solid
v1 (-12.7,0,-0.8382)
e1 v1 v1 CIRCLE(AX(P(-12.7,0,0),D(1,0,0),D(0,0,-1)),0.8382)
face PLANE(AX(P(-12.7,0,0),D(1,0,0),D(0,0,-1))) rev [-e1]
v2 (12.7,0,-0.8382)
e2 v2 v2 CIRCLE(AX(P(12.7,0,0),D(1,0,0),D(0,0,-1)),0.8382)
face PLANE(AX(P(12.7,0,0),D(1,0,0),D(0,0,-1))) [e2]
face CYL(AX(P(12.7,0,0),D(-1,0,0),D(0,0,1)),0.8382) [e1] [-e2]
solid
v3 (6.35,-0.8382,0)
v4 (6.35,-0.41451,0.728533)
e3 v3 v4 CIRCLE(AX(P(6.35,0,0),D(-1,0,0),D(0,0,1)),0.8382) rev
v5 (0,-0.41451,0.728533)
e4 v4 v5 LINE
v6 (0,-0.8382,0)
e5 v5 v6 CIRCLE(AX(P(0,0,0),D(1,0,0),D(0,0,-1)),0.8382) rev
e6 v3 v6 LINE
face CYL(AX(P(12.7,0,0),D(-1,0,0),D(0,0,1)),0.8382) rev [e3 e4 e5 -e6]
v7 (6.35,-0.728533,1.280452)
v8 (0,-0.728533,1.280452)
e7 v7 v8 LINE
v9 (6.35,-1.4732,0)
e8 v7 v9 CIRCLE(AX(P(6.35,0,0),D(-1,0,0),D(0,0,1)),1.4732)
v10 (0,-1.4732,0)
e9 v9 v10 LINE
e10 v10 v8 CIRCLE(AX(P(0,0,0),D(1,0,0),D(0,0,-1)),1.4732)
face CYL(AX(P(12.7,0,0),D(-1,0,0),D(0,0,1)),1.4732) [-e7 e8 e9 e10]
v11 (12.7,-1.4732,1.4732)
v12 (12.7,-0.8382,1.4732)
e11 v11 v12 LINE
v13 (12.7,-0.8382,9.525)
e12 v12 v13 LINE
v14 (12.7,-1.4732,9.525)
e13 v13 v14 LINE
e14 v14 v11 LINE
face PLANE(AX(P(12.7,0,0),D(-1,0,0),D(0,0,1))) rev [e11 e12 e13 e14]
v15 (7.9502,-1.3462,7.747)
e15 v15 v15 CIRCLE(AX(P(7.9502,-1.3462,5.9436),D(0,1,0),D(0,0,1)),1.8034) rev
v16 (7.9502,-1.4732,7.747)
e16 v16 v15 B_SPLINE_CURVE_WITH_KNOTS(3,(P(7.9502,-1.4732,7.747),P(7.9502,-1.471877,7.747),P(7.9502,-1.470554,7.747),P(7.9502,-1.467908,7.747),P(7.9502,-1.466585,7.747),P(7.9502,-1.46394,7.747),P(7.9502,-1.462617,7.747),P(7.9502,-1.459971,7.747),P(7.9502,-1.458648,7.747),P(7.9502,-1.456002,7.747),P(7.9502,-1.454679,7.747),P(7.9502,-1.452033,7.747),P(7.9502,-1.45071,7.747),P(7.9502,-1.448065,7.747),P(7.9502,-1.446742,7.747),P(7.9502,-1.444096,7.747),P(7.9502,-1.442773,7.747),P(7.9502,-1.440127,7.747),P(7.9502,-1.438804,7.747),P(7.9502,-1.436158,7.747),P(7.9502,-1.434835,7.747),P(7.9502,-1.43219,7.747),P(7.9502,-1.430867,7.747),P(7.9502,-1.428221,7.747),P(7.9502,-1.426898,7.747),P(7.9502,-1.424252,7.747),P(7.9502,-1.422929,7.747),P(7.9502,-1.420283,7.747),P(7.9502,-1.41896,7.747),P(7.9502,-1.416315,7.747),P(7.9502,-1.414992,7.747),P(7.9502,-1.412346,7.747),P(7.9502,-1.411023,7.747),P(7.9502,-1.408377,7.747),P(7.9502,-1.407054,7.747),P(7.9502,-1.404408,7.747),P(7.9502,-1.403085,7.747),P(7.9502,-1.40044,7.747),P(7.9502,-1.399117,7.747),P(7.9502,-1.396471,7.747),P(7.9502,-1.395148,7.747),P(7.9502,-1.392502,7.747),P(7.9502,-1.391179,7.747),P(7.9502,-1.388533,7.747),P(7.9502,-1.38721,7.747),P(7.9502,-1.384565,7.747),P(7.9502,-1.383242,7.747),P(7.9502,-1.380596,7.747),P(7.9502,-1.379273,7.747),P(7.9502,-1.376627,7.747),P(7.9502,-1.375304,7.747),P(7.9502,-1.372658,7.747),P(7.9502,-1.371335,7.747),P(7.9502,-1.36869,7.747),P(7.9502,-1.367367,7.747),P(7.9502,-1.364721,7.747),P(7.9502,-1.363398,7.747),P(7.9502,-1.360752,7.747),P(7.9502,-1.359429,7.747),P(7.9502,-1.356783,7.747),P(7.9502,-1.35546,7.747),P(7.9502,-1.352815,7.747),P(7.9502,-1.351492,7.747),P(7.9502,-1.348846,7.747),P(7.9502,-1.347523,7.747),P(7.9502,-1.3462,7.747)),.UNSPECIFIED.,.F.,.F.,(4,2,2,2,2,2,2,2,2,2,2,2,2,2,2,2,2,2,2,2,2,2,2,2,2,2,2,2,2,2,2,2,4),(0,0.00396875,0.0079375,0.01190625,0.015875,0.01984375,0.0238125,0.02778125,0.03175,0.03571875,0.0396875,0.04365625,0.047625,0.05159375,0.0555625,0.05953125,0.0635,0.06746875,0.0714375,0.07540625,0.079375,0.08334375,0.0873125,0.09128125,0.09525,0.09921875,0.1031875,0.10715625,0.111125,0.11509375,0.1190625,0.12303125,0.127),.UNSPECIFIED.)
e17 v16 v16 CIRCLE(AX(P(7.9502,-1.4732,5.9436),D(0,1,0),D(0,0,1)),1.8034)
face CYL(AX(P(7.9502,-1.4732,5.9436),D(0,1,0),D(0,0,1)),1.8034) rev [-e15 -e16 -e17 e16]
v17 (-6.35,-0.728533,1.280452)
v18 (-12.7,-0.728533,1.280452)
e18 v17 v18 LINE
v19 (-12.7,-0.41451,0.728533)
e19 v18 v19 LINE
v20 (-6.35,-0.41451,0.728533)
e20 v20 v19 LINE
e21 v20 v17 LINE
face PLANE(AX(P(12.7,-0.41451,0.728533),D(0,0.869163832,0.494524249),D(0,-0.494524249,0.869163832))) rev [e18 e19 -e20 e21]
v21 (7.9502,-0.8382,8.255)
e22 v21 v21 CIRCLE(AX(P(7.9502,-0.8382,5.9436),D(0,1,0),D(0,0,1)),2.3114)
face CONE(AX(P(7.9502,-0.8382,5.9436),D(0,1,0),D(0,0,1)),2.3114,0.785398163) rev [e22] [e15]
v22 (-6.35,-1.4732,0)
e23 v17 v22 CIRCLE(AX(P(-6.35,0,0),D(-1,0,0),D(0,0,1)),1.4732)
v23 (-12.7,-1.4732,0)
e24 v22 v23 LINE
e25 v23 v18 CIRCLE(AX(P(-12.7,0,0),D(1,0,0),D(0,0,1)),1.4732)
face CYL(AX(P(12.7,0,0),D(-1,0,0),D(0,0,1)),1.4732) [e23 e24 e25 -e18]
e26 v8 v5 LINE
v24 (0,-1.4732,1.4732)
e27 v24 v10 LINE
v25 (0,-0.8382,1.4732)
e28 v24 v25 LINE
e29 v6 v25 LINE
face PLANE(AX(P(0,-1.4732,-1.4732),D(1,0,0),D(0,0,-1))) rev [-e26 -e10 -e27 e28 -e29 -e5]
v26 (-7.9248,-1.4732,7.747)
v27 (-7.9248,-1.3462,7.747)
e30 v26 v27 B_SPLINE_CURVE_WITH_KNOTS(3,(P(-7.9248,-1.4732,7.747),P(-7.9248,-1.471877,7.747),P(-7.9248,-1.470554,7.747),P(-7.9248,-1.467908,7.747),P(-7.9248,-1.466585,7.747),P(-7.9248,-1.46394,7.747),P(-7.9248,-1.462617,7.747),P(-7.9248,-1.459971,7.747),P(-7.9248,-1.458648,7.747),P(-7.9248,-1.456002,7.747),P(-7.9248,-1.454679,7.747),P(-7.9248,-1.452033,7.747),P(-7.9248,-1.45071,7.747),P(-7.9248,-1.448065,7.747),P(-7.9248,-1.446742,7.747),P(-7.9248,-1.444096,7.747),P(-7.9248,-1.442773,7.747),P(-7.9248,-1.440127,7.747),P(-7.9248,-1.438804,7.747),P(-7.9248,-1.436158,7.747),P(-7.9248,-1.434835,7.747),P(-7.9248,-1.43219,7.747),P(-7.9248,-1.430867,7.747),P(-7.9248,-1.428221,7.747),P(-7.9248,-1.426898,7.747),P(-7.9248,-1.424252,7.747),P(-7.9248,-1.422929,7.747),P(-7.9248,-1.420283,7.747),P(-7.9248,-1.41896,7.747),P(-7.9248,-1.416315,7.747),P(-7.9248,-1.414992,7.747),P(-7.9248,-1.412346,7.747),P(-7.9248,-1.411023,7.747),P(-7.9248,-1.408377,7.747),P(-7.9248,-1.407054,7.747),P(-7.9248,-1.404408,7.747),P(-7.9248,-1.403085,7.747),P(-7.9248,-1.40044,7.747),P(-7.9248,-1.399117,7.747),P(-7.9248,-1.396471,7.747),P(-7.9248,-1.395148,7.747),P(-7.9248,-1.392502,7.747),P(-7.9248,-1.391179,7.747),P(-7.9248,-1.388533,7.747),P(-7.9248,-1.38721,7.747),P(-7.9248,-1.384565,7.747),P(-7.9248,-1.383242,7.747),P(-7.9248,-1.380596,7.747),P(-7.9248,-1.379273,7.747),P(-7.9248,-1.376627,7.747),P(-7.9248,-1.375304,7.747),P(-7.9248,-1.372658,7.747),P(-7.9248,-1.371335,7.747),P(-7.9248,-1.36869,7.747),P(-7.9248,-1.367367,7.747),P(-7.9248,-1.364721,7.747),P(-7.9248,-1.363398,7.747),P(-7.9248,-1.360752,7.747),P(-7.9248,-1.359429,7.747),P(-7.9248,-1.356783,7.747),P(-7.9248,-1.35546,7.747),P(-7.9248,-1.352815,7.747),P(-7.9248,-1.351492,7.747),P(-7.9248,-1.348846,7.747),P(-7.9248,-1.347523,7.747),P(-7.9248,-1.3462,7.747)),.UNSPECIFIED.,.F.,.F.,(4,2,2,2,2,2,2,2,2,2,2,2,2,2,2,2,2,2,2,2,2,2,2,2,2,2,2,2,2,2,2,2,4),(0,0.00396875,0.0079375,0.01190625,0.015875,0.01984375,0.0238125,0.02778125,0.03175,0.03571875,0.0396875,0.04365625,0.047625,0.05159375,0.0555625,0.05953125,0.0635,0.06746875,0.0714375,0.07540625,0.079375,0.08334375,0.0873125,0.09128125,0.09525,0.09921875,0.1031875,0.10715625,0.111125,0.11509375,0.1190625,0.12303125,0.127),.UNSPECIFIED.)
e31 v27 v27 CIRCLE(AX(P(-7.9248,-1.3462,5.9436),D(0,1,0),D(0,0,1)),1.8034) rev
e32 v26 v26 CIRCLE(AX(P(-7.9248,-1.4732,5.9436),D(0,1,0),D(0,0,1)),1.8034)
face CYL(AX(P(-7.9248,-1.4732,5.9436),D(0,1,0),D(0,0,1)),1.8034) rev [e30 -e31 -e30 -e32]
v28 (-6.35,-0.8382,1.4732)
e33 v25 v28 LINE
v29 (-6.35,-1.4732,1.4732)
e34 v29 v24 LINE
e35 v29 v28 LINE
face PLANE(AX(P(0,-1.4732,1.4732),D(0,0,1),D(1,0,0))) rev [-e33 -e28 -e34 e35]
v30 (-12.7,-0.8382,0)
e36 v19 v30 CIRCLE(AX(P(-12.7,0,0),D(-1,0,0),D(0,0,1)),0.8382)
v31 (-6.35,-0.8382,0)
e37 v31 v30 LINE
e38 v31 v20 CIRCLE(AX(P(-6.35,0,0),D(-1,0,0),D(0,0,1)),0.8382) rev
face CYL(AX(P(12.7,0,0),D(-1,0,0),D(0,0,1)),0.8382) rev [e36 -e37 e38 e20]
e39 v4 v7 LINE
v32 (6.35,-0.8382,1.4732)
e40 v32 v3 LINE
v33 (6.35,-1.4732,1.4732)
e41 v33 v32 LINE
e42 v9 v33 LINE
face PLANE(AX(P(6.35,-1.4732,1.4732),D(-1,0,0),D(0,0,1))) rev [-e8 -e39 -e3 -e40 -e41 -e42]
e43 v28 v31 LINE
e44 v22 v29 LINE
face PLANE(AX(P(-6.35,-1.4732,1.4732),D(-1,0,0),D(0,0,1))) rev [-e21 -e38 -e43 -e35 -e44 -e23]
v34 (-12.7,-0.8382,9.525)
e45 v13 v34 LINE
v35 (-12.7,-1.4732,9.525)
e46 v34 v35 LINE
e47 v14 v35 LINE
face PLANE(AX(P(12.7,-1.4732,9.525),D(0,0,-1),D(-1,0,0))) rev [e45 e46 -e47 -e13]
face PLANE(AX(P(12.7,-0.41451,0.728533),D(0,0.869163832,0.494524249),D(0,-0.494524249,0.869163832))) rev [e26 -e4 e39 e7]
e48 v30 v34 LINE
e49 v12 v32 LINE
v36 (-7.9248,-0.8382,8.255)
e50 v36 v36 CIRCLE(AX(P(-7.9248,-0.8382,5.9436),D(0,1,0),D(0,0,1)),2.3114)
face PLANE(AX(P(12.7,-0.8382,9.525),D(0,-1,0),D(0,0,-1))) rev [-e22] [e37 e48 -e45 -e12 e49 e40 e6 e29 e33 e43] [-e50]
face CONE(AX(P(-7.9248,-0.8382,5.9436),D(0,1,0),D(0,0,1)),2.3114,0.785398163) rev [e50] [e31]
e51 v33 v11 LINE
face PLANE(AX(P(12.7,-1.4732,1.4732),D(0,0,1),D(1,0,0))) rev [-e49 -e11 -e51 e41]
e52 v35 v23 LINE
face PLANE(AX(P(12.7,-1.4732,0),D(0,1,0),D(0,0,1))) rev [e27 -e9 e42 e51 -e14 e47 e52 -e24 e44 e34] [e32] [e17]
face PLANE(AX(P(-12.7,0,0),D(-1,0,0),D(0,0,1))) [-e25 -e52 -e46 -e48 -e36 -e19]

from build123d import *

# Parameters (mm, degrees)
BOSS_EXTRUDE1_DEPTH     = 12.7
SKETCH4_W               = 6.35
SKETCH4_H               = 2.9464
CUT_EXTRUDE1_DEPTH      = 16.943209942
LPATTERN1_COUNT         = 6
LPATTERN1_PITCH         = 12.7
CUT_EXTRUDE3_DEPTH      = 16.943209942
CUT_EXTRUDE3_DEPTH_BACK = 16.943209942
SKETCH9_R               = 1.8034
SKETCH6_R               = 0.8382
BOSS_EXTRUDE2_DEPTH     = 12.7


with BuildPart() as part:
    # Sketch3 → Boss-Extrude1 (new, symmetric)
    with BuildSketch(Plane(origin=(0, 0, 0), x_dir=(0, 0, -1), z_dir=(1, 0, 0))):
        with BuildLine():
            Line((0, -1.4732), (-9.525, -1.4732))
            Line((-9.525, -1.4732), (-9.525, -0.8382))
            Line((-9.525, -0.8382), (0, -0.8382))
            ThreePointArc((0, -0.8382), (0.421388638, 0.724576328), (-0.728533124, -0.414510226))
            Line((-0.728533124, -0.414510226), (-1.280452157, -0.728533124))
            ThreePointArc((-1.280452157, -0.728533124), (0.740622455, 1.273497789), (0, -1.4732))
        make_face()
    extrude(amount=BOSS_EXTRUDE1_DEPTH, both=True)

    # Sketch4 → Cut-Extrude1 (cut, symmetric)
    with BuildSketch(Plane(origin=(0, 0, 0), x_dir=(1, 0, 0), z_dir=(0, 1, 0))):
        with Locations((-3.175, 0)):
            Rectangle(SKETCH4_W, SKETCH4_H)
    cut_extrude1 = extrude(amount=CUT_EXTRUDE1_DEPTH, both=True, mode=Mode.SUBTRACT)

    # LPattern1: Cut-Extrude1 ×6
    with Locations(*[(i * LPATTERN1_PITCH, 0, 0) for i in range(1, LPATTERN1_COUNT)]):
        add(cut_extrude1, mode=Mode.SUBTRACT)

    # Cut-Extrude2 cone 1 section (through the dimple's axis) → Cut-Extrude2 (revolve, cut)
    with BuildSketch(Plane(origin=(7.9502, -0.8382, 5.9436), x_dir=(0, 0, 1), z_dir=(1, 0, 0))):
        Polygon((0, 0), (2.3114, 0), (0, 2.3114), align=None)
    revolve(axis=Axis((7.9502, -0.8382, 5.9436), (0, -1, 0)), mode=Mode.SUBTRACT)

    # Cut-Extrude2 cone 2 section (through the dimple's axis) → Cut-Extrude2 cone 2 (revolve, cut)
    with BuildSketch(Plane(origin=(-7.9248, -0.8382, 5.9436), x_dir=(0, 0, 1), z_dir=(1, 0, 0))):
        Polygon((0, 0), (2.3114, 0), (0, 2.3114), align=None)
    revolve(axis=Axis((-7.9248, -0.8382, 5.9436), (0, -1, 0)), mode=Mode.SUBTRACT)

    # Sketch9 → Cut-Extrude3 (cut, two sides: drawn at the far end of the back side and taken through both)
    with BuildSketch(Plane(origin=(0, 0, 0), x_dir=(1, 0, 0), z_dir=(0, 1, 0)).offset(-CUT_EXTRUDE3_DEPTH_BACK)):
        with Locations(Location((7.9502, -5.9436, 0), (0, 0, 270))):
            Circle(SKETCH9_R)
        with Locations(Location((-7.9248, -5.9436, 0), (0, 0, 270))):
            Circle(SKETCH9_R)
    extrude(amount=CUT_EXTRUDE3_DEPTH + CUT_EXTRUDE3_DEPTH_BACK, mode=Mode.SUBTRACT)


with BuildPart() as body_2:
    # Sketch6 → Boss-Extrude2 (new, symmetric)
    with BuildSketch(Plane(origin=(0, 0, 0), x_dir=(0, 0, -1), z_dir=(1, 0, 0))):
        Circle(SKETCH6_R)
    extrude(amount=BOSS_EXTRUDE2_DEPTH, both=True)


solid = Compound([part.part, body_2.part])
